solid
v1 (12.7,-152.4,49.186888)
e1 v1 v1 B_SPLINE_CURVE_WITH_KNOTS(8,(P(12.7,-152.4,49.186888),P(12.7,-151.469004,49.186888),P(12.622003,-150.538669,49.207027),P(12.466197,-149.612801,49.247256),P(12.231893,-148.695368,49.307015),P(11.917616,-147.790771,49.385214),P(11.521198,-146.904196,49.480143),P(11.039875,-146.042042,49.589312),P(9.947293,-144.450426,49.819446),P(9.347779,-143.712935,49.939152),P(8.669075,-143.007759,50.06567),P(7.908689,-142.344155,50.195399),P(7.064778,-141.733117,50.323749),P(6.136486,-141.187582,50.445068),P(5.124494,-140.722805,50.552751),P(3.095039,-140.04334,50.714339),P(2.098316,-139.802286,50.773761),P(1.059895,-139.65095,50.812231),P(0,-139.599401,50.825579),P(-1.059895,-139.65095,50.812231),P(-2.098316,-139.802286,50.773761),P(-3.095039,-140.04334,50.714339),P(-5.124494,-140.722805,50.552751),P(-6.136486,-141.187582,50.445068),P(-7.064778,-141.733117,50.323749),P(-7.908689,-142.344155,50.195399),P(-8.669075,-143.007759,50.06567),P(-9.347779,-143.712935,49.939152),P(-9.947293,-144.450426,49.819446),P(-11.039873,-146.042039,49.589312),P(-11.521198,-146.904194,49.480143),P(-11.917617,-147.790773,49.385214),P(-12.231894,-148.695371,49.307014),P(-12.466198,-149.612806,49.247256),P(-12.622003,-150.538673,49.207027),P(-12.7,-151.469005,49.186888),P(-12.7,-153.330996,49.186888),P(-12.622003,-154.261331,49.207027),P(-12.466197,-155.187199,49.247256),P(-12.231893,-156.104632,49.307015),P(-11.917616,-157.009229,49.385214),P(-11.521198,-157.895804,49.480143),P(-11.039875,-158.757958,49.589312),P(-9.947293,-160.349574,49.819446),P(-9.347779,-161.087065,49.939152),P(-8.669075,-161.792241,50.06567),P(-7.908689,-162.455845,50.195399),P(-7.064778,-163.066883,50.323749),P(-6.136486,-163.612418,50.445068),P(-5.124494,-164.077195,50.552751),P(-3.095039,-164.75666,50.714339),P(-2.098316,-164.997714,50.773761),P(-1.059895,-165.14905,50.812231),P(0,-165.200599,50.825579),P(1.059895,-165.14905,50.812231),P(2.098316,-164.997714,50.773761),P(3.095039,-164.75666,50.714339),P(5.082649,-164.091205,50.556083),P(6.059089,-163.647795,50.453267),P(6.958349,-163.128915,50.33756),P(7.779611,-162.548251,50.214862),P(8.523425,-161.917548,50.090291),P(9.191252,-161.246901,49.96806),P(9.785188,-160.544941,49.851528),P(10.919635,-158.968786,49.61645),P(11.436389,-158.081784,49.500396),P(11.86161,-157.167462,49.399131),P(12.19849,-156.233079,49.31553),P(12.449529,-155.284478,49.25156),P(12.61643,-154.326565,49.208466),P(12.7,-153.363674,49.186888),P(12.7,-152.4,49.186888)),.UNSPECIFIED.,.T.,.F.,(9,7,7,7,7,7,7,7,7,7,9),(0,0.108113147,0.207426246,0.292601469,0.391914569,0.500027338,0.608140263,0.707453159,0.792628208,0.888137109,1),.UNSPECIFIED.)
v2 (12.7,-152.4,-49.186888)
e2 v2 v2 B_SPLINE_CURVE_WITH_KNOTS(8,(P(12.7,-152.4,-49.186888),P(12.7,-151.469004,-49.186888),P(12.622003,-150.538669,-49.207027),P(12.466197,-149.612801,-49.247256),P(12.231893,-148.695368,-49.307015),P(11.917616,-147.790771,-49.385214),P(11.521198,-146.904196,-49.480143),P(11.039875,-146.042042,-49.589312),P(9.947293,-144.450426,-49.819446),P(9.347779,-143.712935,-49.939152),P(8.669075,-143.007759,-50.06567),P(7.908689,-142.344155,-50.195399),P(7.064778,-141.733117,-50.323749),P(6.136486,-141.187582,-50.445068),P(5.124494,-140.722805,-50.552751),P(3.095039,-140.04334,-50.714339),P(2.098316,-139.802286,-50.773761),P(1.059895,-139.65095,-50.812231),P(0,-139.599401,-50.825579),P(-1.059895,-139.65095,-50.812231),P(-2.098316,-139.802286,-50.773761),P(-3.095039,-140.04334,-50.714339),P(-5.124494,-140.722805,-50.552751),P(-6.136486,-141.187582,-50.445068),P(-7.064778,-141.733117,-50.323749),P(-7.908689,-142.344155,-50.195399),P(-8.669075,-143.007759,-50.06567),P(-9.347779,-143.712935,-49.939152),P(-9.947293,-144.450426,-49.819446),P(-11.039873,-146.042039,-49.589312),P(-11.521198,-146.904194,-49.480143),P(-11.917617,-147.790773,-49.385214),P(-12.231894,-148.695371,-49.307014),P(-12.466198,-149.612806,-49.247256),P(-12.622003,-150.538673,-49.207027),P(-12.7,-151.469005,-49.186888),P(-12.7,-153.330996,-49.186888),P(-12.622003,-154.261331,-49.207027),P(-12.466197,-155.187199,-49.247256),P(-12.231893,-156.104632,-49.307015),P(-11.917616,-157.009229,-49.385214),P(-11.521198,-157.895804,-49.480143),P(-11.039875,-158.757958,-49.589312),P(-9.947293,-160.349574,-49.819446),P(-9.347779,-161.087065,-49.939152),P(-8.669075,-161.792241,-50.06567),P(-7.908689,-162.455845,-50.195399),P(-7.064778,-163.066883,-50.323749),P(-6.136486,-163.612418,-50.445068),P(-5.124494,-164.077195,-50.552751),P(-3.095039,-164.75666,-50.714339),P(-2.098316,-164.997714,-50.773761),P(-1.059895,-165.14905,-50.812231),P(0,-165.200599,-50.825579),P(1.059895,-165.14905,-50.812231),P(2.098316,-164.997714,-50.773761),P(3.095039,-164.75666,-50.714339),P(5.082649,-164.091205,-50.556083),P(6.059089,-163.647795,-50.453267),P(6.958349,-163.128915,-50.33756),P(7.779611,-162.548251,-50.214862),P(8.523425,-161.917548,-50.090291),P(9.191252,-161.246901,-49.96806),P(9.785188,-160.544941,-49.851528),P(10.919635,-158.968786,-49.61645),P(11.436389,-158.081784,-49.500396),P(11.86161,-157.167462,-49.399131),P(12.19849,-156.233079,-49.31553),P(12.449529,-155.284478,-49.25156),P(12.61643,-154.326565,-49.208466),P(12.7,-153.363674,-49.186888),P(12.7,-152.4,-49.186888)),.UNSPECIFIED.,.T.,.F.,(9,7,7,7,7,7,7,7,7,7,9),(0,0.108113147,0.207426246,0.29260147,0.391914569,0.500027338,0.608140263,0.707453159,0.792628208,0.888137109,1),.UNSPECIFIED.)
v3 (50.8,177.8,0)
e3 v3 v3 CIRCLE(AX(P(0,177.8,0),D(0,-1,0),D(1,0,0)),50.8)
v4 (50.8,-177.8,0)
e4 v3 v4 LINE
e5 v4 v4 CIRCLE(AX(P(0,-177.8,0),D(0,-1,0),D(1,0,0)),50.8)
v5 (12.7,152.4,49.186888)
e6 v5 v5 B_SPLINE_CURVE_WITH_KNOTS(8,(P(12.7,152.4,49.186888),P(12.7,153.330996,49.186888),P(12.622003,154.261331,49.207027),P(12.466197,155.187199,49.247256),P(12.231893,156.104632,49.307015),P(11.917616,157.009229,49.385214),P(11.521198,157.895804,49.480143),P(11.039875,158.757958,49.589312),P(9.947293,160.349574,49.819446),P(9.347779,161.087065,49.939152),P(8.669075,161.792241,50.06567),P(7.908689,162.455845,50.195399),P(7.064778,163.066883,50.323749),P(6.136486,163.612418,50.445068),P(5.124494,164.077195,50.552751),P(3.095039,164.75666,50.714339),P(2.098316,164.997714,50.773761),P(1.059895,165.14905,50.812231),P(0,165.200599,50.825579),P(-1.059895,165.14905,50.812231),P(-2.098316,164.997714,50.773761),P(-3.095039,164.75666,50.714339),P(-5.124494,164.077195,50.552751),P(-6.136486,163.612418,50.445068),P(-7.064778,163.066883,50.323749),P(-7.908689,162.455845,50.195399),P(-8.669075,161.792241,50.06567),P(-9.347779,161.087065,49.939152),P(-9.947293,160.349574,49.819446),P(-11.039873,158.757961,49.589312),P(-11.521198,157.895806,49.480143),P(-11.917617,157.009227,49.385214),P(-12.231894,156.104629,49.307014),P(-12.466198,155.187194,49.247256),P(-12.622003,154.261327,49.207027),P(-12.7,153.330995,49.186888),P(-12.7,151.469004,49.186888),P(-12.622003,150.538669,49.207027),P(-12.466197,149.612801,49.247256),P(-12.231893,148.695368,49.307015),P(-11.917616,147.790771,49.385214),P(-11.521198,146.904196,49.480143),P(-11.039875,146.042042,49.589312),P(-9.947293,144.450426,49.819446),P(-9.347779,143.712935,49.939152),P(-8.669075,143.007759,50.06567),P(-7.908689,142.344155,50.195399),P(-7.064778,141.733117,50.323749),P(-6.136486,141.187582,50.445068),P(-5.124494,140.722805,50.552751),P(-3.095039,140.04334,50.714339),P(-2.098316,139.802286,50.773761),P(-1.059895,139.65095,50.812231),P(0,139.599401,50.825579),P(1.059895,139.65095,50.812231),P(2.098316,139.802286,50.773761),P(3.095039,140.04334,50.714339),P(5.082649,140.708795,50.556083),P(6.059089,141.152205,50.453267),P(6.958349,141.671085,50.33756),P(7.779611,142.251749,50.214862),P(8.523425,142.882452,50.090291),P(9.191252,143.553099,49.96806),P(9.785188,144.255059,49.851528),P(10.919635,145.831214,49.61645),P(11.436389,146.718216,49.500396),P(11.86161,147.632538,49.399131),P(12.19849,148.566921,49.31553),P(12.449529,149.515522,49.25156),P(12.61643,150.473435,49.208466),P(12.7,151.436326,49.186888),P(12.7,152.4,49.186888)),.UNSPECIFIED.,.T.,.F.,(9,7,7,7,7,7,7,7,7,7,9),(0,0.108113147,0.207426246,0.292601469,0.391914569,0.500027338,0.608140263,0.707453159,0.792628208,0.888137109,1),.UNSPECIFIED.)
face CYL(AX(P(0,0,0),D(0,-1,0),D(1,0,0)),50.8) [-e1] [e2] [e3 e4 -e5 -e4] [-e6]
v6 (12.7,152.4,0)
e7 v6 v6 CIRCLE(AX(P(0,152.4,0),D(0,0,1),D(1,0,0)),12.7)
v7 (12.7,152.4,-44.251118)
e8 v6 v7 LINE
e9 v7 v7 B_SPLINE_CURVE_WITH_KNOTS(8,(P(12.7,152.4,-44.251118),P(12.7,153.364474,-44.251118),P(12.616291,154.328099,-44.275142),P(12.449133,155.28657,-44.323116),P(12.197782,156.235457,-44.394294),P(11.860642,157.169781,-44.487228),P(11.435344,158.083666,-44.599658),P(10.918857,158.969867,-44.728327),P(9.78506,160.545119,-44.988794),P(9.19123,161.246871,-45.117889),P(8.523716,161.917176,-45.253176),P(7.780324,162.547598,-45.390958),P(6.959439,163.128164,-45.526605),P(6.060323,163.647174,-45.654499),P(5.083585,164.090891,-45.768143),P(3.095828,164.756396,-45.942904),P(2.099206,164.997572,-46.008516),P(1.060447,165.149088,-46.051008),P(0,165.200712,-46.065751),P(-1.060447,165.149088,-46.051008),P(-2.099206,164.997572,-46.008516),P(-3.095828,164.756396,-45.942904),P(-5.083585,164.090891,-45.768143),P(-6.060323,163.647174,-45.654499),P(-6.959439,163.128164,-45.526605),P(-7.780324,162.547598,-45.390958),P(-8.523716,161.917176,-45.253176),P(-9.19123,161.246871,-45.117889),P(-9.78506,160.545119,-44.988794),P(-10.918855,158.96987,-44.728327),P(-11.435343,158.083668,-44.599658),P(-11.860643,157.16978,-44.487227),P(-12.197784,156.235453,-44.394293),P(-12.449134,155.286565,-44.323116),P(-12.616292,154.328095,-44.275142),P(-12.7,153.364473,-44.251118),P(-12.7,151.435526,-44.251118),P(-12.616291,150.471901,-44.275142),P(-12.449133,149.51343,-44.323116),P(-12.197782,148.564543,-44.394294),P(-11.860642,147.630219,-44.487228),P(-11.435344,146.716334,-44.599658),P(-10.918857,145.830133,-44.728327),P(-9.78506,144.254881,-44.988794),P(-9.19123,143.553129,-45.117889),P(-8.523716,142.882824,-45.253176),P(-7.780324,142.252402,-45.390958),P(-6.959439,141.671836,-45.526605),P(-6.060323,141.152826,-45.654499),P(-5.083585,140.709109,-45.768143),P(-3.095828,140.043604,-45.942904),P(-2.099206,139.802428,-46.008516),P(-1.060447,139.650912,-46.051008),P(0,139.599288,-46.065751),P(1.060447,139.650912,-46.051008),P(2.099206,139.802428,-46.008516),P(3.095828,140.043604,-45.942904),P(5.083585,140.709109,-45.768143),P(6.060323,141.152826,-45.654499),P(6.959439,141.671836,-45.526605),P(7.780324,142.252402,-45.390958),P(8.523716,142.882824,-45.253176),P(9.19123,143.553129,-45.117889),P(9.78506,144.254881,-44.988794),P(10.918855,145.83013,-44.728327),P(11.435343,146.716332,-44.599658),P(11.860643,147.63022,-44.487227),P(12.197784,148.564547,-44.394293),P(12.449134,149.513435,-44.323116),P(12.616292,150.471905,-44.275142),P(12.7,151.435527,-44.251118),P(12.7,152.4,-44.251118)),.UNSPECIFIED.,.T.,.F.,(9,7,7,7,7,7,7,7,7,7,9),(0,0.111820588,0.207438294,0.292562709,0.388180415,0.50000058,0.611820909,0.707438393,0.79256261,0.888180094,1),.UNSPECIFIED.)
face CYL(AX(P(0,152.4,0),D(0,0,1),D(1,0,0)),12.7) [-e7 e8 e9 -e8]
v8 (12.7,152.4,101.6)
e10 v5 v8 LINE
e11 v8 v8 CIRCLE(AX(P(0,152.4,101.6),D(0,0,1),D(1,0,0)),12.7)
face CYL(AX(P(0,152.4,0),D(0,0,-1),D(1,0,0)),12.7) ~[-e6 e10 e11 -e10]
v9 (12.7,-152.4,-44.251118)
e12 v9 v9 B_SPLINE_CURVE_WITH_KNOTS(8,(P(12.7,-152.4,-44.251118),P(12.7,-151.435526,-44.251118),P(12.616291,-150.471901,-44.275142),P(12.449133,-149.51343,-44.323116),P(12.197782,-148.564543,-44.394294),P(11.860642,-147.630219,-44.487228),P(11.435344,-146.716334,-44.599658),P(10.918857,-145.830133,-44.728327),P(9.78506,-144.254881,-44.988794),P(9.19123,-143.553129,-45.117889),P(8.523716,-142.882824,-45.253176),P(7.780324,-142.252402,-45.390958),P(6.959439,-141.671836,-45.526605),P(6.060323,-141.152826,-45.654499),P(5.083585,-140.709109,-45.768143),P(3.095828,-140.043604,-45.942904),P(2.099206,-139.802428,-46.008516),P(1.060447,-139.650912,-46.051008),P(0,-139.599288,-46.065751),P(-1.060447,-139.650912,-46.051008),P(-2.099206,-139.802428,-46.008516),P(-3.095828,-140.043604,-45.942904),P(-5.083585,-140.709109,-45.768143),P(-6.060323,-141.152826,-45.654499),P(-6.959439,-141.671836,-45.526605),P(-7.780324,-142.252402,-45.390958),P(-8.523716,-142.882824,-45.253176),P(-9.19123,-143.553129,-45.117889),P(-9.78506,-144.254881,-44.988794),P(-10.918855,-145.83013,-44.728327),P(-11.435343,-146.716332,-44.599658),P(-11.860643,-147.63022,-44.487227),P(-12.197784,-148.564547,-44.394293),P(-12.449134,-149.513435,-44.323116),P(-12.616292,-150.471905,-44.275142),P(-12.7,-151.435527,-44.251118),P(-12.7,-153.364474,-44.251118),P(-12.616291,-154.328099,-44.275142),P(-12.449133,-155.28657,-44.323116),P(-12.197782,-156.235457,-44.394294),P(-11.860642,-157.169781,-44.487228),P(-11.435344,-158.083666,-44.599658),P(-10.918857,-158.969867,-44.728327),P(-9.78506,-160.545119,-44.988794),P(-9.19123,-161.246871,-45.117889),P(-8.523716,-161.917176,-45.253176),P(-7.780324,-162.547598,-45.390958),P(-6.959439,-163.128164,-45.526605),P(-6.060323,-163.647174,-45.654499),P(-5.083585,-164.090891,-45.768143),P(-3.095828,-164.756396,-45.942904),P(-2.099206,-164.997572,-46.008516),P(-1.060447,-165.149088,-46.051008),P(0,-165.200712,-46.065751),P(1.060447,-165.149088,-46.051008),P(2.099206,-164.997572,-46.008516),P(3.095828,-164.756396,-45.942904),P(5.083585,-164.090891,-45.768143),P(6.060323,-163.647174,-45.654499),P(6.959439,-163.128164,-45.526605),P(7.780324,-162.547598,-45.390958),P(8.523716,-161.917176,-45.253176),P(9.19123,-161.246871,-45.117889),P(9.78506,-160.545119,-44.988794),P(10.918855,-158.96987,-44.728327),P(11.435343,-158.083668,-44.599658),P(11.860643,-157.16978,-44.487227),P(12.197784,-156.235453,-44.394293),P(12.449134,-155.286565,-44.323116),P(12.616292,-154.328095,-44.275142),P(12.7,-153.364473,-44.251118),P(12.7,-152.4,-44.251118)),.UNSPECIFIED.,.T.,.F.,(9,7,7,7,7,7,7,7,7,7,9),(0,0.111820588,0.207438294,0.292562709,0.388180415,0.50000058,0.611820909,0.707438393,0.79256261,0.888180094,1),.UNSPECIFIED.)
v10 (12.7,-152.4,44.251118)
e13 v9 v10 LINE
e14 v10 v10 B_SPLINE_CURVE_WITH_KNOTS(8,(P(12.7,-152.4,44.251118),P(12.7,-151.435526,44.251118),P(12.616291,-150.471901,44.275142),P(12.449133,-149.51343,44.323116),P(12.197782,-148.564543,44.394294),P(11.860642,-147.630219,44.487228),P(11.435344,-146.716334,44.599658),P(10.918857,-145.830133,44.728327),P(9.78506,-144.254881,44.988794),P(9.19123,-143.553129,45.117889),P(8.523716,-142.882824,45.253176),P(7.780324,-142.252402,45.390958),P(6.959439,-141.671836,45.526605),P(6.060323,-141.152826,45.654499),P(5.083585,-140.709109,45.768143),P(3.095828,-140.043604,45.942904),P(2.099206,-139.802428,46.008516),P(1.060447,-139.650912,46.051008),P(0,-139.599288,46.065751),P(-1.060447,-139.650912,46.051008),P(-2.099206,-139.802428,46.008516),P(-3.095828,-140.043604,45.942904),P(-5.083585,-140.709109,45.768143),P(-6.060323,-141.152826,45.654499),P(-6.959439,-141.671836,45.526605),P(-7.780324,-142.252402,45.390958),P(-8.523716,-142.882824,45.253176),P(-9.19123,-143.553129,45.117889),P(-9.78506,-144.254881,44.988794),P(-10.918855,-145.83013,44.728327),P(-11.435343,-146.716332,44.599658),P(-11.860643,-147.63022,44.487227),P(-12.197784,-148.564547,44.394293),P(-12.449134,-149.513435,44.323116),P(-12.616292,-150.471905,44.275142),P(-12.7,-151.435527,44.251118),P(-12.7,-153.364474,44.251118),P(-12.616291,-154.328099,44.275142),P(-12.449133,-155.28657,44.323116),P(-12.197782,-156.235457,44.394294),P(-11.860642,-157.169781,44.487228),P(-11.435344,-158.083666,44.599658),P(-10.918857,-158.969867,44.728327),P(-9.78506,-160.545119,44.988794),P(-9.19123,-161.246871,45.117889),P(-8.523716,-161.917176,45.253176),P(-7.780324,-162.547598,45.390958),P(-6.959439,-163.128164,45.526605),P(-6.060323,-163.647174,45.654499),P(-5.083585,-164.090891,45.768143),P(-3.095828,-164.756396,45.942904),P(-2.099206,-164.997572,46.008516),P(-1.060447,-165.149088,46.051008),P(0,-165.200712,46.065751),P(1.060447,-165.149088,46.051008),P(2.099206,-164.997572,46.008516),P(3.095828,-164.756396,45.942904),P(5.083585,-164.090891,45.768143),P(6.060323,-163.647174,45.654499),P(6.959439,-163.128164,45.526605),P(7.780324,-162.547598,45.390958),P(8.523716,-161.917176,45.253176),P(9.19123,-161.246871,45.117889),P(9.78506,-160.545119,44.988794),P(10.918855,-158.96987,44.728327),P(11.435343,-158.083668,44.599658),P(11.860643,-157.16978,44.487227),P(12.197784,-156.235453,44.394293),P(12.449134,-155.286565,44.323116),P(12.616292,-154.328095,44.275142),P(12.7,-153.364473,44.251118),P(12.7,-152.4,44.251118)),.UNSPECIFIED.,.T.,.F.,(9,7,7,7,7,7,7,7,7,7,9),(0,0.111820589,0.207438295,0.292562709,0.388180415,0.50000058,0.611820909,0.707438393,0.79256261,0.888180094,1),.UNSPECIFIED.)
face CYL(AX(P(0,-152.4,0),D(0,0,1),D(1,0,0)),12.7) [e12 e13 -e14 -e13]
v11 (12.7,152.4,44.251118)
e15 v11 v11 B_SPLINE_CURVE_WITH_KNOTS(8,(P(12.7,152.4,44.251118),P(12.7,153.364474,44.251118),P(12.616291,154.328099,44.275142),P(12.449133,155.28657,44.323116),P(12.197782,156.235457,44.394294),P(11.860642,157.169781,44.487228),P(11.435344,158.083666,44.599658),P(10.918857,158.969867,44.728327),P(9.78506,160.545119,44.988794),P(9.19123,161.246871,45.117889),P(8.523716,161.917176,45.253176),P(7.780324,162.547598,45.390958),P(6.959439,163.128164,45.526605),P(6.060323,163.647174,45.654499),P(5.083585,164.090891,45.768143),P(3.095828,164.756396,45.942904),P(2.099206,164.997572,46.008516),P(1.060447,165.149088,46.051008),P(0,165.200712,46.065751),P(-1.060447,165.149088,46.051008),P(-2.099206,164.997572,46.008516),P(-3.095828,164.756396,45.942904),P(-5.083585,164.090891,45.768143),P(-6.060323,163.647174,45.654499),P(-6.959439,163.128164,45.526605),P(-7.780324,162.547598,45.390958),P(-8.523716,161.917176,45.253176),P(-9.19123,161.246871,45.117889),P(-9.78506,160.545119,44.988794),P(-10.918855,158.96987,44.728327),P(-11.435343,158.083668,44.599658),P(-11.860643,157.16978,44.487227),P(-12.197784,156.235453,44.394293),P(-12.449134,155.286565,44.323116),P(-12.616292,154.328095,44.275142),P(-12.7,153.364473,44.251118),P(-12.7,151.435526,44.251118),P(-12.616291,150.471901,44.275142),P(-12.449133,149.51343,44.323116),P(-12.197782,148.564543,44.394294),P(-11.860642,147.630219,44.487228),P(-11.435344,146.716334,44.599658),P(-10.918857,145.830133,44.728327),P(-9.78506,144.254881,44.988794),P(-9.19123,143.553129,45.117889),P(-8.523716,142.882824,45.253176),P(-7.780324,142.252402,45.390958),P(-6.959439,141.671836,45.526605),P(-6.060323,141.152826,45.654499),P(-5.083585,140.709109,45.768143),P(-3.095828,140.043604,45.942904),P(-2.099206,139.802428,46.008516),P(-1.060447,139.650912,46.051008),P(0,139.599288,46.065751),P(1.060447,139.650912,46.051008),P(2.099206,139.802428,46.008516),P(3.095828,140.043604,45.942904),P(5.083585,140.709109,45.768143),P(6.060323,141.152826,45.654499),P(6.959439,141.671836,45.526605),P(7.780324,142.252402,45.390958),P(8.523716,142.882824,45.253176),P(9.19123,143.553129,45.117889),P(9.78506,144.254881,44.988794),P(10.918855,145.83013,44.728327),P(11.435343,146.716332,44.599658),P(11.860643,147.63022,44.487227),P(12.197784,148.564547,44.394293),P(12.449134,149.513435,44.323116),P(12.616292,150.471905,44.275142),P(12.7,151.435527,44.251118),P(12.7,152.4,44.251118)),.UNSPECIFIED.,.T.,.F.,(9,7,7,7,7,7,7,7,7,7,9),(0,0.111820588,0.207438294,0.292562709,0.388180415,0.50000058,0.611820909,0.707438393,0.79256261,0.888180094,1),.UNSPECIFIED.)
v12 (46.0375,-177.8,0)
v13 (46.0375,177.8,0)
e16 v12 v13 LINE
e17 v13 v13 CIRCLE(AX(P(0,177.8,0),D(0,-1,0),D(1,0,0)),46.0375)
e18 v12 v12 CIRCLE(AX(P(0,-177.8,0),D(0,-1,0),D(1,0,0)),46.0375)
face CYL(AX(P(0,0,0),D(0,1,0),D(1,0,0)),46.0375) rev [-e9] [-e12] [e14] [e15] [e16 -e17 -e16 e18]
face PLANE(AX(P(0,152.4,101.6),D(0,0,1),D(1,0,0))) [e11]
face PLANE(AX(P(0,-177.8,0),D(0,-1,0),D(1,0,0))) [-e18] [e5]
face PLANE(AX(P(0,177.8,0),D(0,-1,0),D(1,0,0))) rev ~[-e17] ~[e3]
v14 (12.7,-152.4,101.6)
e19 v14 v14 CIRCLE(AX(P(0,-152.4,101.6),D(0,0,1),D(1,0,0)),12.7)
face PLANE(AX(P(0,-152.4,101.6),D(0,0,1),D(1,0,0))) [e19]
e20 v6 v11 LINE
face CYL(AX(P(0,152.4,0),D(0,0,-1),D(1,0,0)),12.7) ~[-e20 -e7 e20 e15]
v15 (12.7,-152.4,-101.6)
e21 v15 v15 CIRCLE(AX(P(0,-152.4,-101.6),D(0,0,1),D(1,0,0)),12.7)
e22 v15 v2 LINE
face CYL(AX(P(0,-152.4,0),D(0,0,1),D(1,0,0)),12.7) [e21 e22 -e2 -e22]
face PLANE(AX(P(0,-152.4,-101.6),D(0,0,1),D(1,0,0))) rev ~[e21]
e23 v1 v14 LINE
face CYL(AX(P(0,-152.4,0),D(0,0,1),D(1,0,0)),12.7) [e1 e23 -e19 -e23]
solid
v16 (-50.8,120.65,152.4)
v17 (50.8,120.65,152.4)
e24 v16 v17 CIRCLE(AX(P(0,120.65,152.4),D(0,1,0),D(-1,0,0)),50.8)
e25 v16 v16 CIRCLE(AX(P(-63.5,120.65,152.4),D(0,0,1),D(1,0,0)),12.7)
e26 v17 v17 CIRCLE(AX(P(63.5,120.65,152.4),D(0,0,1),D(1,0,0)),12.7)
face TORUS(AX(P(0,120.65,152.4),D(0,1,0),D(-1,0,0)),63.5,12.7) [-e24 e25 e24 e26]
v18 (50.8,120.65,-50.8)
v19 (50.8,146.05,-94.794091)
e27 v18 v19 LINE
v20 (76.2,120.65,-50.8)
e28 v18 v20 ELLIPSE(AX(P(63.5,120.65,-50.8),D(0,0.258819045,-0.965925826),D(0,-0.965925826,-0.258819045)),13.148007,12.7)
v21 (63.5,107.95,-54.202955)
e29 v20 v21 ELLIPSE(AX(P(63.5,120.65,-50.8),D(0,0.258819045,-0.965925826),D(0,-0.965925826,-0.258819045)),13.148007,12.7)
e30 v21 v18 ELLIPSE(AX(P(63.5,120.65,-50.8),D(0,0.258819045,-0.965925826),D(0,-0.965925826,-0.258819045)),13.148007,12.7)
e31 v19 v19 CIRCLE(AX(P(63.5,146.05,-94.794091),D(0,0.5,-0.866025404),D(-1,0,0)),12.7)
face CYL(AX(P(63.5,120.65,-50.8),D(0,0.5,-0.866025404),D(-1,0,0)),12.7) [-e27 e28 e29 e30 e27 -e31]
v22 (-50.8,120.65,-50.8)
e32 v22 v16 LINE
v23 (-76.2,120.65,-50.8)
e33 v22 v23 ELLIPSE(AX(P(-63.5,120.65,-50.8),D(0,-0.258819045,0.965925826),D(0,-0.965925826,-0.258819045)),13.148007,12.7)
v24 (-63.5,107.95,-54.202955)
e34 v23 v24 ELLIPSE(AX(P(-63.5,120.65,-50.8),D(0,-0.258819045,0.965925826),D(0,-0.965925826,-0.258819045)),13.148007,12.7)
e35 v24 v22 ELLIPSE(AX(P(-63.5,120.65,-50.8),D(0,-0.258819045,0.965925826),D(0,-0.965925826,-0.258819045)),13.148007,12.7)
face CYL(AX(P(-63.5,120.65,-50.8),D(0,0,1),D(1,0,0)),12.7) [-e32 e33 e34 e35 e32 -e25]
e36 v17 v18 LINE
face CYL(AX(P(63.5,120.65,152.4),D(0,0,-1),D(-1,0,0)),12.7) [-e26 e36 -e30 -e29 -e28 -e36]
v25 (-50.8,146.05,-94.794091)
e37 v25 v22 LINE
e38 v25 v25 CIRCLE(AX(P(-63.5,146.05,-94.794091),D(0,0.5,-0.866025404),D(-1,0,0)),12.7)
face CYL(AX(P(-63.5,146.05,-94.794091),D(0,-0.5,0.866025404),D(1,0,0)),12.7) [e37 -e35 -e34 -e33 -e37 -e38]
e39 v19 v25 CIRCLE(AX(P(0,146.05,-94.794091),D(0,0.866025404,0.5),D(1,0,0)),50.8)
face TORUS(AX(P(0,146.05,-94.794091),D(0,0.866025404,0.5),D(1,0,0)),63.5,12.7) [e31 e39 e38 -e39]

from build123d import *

# Parameters (mm, degrees)
F0_R     = 50.8
F0_R_2   = 46.0375
F1_DEPTH = 177.8
F2_R     = 12.7
F3_DEPTH = 101.6
F4_DEPTH = 46.0375
F5_R     = 12.7
F6_DEPTH = 101.6
F11_R    = 12.7


with BuildPart() as f1:
    # F0 (on Front) → F1 (new body, symmetric)
    with BuildSketch(Plane.XZ):
        Circle(F0_R)
        Circle(F0_R_2, mode=Mode.SUBTRACT)
    extrude(amount=F1_DEPTH, both=True)



with BuildPart() as f3:
    # F2 (on Top) → F3 (new body)
    with BuildSketch(Plane.XY):
        with Locations((0, 152.4)):
            Circle(F2_R)
    extrude(amount=F3_DEPTH)


with BuildPart() as f1_1:
    add(f1.part)
    # F4 (add, through all): a face of the model
    f4_faces = [f3.part.faces().sort_by_distance(p)[0] for p in [
        (0, 152.4, 0),
    ]]

    add(f3.part)  # F4 merges F3
    extrude(f4_faces, amount=F4_DEPTH)

    # F5 (on Top) → F6 (join, symmetric)
    with BuildSketch(Plane.XY):
        with Locations((0, -152.4)):
            Circle(F5_R)
    extrude(amount=F6_DEPTH, both=True)


with BuildPart() as f12:
    # F12: sweep along a path in F8, F10, F8
    with BuildLine(Plane.XZ.offset(-120.65)) as f12_path:
        Line((-63.5, 0), (-63.5, 152.4))
        ThreePointArc((-63.5, 152.4), (0, 215.9), (63.5, 152.4))
        Line((63.5, 152.4), (63.5, 0))
        Line((63.5, 0), (63.5, -50.8))
    with BuildLine(Plane(origin=(0, 68.4904547439, 39.5429824833), x_dir=(1, 0, 0), z_dir=(0, -0.8660254038, -0.5))) as f12_path_2:
        Line((63.5, -104.3190905122), (63.5, -155.1190905122))
        ThreePointArc((63.5, -155.1190905122), (0, -218.6190905122), (-63.5, -155.1190905122))
        Line((-63.5, -155.1190905122), (-63.5, -104.3190905122))
    with BuildLine(Plane.XZ.offset(-120.65)) as f12_path_3:
        Line((-63.5, 0), (-63.5, -50.8))
    # F11 (on Top) → F12 (sweep)
    with BuildSketch(Plane.XY):
        with Locations((-63.5, 120.65)):
            Circle(F11_R)
    sweep(path=f12_path.line + f12_path_2.line + f12_path_3.line, transition=Transition.RIGHT)


solid = Compound([f1_1.part, f12.part])
